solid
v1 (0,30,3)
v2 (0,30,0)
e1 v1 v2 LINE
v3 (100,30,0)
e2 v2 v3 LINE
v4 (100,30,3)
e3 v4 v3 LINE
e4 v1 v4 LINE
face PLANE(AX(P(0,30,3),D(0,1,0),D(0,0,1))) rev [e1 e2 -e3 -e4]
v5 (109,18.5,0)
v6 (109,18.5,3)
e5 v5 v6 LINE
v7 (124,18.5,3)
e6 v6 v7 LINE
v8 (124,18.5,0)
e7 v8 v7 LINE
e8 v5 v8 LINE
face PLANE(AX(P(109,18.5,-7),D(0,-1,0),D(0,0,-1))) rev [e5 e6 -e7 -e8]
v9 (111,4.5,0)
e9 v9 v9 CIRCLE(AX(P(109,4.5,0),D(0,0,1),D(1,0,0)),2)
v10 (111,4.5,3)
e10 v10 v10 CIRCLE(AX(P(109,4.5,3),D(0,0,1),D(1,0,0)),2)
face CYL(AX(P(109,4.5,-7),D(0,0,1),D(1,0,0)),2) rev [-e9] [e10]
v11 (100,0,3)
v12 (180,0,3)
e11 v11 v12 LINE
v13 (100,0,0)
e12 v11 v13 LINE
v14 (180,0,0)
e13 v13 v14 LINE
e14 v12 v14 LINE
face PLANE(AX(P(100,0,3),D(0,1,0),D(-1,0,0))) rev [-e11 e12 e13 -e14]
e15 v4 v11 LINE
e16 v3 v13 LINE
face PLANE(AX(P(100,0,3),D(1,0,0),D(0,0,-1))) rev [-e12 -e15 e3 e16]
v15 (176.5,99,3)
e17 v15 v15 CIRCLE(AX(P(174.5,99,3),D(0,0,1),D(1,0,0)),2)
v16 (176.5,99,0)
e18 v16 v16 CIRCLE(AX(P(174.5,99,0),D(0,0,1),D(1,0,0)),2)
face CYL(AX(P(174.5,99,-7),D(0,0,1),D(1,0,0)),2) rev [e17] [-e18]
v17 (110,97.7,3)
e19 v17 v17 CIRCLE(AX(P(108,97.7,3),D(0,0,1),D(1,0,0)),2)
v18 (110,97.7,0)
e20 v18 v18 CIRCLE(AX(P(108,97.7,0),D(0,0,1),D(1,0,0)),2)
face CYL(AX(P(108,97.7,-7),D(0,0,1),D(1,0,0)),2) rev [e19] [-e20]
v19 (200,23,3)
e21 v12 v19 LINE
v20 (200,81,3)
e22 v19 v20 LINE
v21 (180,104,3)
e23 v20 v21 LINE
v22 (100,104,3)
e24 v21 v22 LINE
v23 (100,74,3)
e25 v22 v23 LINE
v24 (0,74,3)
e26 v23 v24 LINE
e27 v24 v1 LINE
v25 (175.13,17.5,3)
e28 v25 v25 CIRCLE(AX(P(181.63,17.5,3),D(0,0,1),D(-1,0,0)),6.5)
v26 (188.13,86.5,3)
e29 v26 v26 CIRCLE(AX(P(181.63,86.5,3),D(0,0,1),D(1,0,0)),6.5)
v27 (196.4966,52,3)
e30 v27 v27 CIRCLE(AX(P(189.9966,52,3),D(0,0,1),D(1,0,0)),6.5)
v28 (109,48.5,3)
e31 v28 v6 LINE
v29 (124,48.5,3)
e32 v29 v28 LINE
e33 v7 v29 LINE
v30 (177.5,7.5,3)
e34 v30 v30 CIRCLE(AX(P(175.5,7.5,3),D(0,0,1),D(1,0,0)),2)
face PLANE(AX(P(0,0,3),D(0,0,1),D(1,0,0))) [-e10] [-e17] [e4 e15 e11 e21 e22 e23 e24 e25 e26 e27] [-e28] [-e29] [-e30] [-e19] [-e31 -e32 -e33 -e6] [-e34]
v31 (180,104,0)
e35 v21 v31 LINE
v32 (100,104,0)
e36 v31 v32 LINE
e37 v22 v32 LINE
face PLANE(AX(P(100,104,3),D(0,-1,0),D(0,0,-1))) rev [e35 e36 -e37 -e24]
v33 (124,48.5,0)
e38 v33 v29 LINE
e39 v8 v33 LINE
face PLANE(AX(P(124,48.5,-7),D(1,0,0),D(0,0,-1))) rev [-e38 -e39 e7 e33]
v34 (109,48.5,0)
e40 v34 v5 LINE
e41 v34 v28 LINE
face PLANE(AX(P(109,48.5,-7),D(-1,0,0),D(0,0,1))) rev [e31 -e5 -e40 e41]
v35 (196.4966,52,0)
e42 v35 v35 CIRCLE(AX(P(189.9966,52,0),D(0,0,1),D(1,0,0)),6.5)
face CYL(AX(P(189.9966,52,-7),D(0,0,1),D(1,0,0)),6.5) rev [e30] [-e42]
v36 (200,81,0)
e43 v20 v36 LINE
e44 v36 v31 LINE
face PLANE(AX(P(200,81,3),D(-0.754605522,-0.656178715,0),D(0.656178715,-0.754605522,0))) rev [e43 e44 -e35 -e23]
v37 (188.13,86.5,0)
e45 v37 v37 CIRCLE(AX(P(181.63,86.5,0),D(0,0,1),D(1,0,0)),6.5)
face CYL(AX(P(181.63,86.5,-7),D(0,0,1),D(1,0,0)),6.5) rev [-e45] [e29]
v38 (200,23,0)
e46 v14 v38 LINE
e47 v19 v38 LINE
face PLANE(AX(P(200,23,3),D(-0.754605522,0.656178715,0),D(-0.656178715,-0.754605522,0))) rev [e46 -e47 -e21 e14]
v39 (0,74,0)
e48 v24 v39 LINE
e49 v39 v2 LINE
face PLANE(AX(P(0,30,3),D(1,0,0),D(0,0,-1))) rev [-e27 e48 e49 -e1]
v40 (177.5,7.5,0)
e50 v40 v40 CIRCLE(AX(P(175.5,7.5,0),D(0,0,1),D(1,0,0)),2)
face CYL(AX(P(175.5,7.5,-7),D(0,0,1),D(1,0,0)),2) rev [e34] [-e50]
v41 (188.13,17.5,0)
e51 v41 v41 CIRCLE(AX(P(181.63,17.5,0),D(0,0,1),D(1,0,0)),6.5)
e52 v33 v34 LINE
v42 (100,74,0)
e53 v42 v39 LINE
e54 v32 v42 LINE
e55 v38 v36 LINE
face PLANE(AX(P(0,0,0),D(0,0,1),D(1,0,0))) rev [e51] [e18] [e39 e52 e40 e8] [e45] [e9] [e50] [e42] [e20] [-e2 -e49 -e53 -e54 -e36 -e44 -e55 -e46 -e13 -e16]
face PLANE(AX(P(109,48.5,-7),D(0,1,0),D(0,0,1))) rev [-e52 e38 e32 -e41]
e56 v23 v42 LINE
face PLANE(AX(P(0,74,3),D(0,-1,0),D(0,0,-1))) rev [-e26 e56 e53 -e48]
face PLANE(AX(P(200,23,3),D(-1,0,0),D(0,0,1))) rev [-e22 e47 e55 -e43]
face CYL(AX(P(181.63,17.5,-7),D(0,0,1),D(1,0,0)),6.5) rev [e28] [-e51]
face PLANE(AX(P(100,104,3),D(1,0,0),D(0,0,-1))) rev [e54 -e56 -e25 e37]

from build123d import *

# Parameters (mm, degrees)
RESSALTO_EXTRUS_O1_DEPTH = 3
ESBO_O2_W                = 15
ESBO_O2_H                = 30
CORTE_EXTRUS_O1_DEPTH    = 10
ESBO_O3_R                = 2
CORTE_EXTRUS_O2_DEPTH    = 10
ESBO_O4_R                = 2
CORTE_EXTRUS_O3_DEPTH    = 10
ESBO_O5_R                = 2
CORTE_EXTRUS_O4_DEPTH    = 10
ESBO_O6_R                = 2
CORTE_EXTRUS_O5_DEPTH    = 10
ESBO_O7_R                = 6.5
CORTE_EXTRUS_O6_DEPTH    = 10
ESBO_O8_R                = 6.5
CORTE_EXTRUS_O7_DEPTH    = 10


with BuildPart() as part:
    # Esboço1 → Ressalto-extrusão1 (new body)
    with BuildSketch(Plane.XY):
        Polygon((100, 0), (180, 0), (200, 23), (200, 81), (180, 104), (100, 104), (100, 74), (0, 74), (0, 30), (100, 30), align=None)
    extrude(amount=RESSALTO_EXTRUS_O1_DEPTH)

    # Esboço2 → Corte-extrusão1 (cut)
    with BuildSketch(Plane.XY.offset(3)):
        with Locations((116.5, 33.5)):
            Rectangle(ESBO_O2_W, ESBO_O2_H)
    extrude(amount=-CORTE_EXTRUS_O1_DEPTH, mode=Mode.SUBTRACT)

    # Esboço3 → Corte-extrusão2 (cut)
    with BuildSketch(Plane.XY.offset(3)):
        with Locations((109, 4.5)):
            Circle(ESBO_O3_R)
    extrude(amount=-CORTE_EXTRUS_O2_DEPTH, mode=Mode.SUBTRACT)

    # Esboço4 → Corte-extrusão3 (cut)
    with BuildSketch(Plane.XY.offset(3)):
        with Locations((175.5, 7.5)):
            Circle(ESBO_O4_R)
    extrude(amount=-CORTE_EXTRUS_O3_DEPTH, mode=Mode.SUBTRACT)

    # Esboço5 → Corte-extrusão4 (cut)
    with BuildSketch(Plane.XY.offset(3)):
        with Locations((108, 97.7)):
            Circle(ESBO_O5_R)
    extrude(amount=-CORTE_EXTRUS_O4_DEPTH, mode=Mode.SUBTRACT)

    # Esboço6 → Corte-extrusão5 (cut)
    with BuildSketch(Plane.XY.offset(3)):
        with Locations((174.5, 99)):
            Circle(ESBO_O6_R)
    extrude(amount=-CORTE_EXTRUS_O5_DEPTH, mode=Mode.SUBTRACT)

    # Esboço7 → Corte-extrusão6 (cut)
    with BuildSketch(Plane.XY.offset(3)):
        with Locations((181.63, 86.5)):
            Circle(ESBO_O7_R)
        with Locations((181.63, 17.5)):
            Circle(ESBO_O7_R)
    extrude(amount=-CORTE_EXTRUS_O6_DEPTH, mode=Mode.SUBTRACT)

    # Esboço8 → Corte-extrusão7 (cut)
    with BuildSketch(Plane.XY.offset(3)):
        with Locations((189.996600265, 52)):
            Circle(ESBO_O8_R)
    extrude(amount=-CORTE_EXTRUS_O7_DEPTH, mode=Mode.SUBTRACT)


solid = part.part
